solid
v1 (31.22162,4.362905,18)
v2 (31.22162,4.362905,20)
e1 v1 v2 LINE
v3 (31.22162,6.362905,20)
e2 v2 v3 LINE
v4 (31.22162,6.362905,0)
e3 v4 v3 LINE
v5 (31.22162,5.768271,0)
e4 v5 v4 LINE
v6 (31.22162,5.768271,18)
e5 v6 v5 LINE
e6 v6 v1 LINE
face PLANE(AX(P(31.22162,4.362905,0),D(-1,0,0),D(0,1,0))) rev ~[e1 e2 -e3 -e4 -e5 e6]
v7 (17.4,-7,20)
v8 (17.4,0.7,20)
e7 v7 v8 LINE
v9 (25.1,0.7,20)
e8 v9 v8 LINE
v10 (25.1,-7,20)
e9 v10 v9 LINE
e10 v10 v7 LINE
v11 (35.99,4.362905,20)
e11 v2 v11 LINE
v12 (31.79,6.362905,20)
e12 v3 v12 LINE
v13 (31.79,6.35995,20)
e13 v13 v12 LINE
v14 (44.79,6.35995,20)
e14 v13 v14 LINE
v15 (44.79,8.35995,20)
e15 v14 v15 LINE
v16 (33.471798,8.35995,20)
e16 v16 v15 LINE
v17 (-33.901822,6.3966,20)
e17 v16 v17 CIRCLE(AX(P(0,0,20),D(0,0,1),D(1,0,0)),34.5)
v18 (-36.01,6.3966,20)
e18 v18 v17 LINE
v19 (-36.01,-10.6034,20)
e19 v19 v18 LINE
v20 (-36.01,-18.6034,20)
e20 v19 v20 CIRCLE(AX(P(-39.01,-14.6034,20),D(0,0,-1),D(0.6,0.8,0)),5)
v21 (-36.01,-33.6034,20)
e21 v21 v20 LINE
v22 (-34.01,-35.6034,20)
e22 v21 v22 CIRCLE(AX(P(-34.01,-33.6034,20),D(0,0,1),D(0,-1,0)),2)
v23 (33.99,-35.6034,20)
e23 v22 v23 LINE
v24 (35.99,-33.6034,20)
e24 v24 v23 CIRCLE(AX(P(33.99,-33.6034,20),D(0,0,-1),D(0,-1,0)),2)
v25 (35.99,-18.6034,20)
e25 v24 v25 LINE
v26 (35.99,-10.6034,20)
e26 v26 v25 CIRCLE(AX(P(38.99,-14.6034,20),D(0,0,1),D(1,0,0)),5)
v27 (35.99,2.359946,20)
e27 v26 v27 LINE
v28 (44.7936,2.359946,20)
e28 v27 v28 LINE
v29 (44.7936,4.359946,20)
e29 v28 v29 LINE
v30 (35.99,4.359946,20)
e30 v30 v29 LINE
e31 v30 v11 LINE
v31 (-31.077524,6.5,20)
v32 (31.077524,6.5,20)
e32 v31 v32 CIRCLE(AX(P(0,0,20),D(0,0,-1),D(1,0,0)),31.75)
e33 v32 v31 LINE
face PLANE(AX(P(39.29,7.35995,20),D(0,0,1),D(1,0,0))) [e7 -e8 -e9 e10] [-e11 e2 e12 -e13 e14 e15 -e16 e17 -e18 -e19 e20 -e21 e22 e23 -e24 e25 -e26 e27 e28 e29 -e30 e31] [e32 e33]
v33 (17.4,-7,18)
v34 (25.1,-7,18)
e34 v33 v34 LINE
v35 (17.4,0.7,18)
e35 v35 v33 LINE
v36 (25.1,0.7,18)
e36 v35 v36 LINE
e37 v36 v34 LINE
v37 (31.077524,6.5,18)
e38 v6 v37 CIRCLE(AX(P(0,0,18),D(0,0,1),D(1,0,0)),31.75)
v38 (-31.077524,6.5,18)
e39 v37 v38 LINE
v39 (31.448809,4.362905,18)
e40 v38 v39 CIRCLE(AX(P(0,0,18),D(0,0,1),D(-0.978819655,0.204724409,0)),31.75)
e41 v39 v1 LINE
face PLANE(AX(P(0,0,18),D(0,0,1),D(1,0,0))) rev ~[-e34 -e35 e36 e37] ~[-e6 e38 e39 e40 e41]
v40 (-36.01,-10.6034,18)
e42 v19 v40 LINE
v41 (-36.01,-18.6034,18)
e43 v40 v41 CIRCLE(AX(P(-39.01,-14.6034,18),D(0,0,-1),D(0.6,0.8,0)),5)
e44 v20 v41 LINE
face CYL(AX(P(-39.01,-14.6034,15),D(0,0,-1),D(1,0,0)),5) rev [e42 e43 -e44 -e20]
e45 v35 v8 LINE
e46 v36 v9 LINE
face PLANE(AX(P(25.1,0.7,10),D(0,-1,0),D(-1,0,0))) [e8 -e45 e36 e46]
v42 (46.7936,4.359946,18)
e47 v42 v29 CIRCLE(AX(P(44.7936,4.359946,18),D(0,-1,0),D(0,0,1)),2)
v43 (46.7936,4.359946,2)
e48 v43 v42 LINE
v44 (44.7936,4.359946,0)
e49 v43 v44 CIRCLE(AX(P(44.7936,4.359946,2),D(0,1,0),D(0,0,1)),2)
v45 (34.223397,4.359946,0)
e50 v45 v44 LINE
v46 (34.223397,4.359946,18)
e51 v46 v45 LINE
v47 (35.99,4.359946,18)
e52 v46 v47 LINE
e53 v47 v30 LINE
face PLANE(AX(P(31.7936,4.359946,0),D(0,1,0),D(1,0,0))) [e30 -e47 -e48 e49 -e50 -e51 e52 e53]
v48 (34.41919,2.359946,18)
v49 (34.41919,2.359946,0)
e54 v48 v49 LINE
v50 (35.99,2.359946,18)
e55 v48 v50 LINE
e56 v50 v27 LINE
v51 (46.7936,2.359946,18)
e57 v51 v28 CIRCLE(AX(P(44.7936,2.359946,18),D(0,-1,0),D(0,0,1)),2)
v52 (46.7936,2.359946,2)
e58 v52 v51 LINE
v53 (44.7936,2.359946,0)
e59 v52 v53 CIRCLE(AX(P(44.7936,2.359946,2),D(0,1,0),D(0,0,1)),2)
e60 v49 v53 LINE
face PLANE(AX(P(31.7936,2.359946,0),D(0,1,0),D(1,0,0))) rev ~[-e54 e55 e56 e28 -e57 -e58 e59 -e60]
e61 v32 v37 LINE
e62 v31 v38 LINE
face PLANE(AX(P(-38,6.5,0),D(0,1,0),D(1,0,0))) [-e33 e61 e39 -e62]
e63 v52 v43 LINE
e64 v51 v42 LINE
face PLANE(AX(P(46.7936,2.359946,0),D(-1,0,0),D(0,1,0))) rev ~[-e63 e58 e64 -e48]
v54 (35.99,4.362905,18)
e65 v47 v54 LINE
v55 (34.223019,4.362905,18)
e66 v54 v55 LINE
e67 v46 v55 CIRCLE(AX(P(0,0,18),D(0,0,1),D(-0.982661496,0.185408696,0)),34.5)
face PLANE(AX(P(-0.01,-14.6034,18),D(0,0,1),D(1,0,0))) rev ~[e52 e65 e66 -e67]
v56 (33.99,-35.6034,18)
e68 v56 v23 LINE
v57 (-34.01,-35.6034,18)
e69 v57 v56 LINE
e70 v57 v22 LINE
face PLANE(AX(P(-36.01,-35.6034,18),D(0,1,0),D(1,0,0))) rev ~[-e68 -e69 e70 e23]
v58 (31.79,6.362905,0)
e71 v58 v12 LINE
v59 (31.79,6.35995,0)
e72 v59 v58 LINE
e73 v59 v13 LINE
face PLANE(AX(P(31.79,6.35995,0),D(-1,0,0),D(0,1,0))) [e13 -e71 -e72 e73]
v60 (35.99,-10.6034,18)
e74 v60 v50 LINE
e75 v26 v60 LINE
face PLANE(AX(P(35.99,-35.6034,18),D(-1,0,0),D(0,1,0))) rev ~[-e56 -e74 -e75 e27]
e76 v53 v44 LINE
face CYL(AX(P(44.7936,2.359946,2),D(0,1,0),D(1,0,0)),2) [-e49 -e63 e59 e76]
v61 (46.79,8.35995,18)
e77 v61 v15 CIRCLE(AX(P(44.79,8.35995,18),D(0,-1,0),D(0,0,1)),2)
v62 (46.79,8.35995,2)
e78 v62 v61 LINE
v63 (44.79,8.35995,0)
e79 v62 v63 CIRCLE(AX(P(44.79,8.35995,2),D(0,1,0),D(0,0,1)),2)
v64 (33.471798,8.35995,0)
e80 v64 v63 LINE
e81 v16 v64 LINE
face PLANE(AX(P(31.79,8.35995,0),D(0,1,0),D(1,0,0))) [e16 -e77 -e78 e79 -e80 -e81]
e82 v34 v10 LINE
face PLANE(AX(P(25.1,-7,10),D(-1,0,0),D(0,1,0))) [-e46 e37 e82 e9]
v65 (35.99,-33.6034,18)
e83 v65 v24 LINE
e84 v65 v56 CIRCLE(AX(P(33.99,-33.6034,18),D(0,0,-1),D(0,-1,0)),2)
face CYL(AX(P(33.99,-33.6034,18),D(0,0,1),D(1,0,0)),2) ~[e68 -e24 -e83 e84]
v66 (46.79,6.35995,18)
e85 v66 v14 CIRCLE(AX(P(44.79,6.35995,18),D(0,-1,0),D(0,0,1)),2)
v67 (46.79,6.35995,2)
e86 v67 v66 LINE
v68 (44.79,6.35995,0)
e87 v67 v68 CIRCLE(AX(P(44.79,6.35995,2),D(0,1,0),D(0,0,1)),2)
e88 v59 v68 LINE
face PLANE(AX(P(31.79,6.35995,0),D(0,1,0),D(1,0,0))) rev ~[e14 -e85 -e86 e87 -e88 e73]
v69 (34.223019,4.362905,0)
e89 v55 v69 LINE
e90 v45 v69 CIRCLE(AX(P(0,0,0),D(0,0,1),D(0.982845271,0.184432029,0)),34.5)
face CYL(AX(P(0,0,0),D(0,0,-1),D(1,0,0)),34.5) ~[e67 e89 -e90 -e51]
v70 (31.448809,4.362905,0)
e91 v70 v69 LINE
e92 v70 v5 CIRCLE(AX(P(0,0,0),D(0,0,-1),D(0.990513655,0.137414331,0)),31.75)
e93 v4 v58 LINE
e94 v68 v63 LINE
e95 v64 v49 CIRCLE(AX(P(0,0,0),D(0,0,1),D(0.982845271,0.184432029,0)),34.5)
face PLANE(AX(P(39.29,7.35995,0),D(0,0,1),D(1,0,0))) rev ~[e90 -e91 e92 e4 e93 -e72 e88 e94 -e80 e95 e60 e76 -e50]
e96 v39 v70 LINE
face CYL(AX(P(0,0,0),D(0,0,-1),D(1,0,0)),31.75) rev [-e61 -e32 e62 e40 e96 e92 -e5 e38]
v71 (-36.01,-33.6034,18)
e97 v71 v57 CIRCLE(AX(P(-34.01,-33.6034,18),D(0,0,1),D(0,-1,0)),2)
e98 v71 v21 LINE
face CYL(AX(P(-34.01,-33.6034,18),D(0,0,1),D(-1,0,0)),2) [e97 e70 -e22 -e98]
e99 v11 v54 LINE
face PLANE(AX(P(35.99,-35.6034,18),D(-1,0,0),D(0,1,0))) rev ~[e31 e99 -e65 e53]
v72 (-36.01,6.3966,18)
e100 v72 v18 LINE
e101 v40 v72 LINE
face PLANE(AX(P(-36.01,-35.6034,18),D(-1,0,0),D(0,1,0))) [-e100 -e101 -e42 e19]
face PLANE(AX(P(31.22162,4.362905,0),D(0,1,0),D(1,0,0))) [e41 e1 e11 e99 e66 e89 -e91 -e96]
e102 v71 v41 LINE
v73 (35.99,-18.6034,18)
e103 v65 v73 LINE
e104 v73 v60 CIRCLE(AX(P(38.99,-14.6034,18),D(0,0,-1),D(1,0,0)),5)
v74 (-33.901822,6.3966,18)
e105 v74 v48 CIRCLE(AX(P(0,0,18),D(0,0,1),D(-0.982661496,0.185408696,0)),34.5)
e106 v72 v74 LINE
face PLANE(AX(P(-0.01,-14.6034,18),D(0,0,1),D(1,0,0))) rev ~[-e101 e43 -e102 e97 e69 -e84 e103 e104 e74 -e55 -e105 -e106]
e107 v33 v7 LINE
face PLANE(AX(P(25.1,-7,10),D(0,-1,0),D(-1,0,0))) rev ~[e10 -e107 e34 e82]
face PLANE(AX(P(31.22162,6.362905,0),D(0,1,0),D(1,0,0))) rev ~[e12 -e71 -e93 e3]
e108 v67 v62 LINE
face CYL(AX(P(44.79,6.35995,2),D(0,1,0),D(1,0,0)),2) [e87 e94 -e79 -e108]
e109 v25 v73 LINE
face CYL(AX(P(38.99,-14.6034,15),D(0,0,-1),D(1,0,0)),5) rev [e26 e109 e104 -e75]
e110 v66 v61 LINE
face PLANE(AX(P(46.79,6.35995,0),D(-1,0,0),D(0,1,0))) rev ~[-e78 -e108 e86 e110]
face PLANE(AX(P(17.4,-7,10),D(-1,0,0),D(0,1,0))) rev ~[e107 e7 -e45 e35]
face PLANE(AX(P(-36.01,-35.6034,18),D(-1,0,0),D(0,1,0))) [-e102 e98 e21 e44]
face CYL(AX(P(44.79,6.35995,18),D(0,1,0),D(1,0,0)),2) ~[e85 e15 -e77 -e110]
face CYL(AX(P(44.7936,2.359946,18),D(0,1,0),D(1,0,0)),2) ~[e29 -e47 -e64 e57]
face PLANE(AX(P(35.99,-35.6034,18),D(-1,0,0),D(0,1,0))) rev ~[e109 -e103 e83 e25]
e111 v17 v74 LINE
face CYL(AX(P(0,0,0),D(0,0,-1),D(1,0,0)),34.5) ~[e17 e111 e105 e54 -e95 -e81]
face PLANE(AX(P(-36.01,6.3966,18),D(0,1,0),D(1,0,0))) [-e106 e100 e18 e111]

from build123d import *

# Parameters (mm, degrees)
CYLINDER020_R     = 5
CYLINDER020_DEPTH = 5
CYLINDER019_R     = 5
CYLINDER019_DEPTH = 5
BOX005_W          = 15
BOX005_H          = 2
BOX005_DEPTH      = 20
FILLET002_R       = 2
BOX002_W          = 10
BOX002_H          = 2
BOX002_DEPTH      = 20
BOX_W             = 80
BOX_H             = 39
BOX_DEPTH         = 25
CYLINDER002_R     = 31.75
CYLINDER002_DEPTH = 25
BOX001_W          = 7.7
BOX001_H          = 7.7
BOX001_DEPTH      = 10
BOX007_W          = 72
BOX007_H          = 42
BOX007_DEPTH      = 2
CYLINDER_R        = 31.75
CYLINDER_DEPTH    = 18
CYLINDER001_R     = 34.5
CYLINDER001_DEPTH = 20
FILLET001_R       = 2
BOX006_W          = 15
BOX006_H          = 2
BOX006_DEPTH      = 20
FILLET003_R       = 2


with BuildPart() as cylinder020:
    # Cylinder020 → Cylinder020 (new body)
    with BuildSketch(Plane(origin=(-39.01, -14.6034, 15), x_dir=(1, 0, 0), z_dir=(0, 0, 1))):
        Circle(CYLINDER020_R)
    extrude(amount=CYLINDER020_DEPTH)


with BuildPart() as fusion013:
    # Cylinder019 → Cylinder019 (new body)
    with BuildSketch(Plane(origin=(38.99, -14.6034, 15), x_dir=(1, 0, 0), z_dir=(0, 0, 1))):
        Circle(CYLINDER019_R)
    extrude(amount=CYLINDER019_DEPTH)

    # Fusion013: union Cylinder020
    add(cylinder020.part)


with BuildPart() as fillet002:
    # Box005 → Box005 (new body)
    with BuildSketch(Plane(origin=(31.79, 6.35995, 0), x_dir=(1, 0, 0), z_dir=(0, 0, 1))):
        with Locations((7.5, 1)):
            Rectangle(BOX005_W, BOX005_H)
    extrude(amount=BOX005_DEPTH)

    # Fillet002
    fillet002_edges = [fillet002.edges().sort_by_distance(p)[0] for p in [
        (46.79, 7.35995, 20),
        (46.79, 7.35995, 0),
    ]]
    fillet(fillet002_edges, radius=FILLET002_R)


with BuildPart() as kostka002:
    # Box002 → Box002 (new body)
    with BuildSketch(Plane(origin=(31.22162, 4.362905, 0), x_dir=(1, 0, 0), z_dir=(0, 0, 1))):
        with Locations((5, 1)):
            Rectangle(BOX002_W, BOX002_H)
    extrude(amount=BOX002_DEPTH)


with BuildPart() as kostka:
    # Box → Box (new body)
    with BuildSketch(Plane(origin=(-38, -32.5, 0), x_dir=(1, 0, 0), z_dir=(0, 0, 1))):
        with Locations((40, 19.5)):
            Rectangle(BOX_W, BOX_H)
    extrude(amount=BOX_DEPTH)


with BuildPart() as cut001:
    # Cylinder002 → Cylinder002 (new body)
    with BuildSketch(Plane.XY):
        Circle(CYLINDER002_R)
    extrude(amount=CYLINDER002_DEPTH)

    # Cut001: cut Kostka
    add(kostka.part, mode=Mode.SUBTRACT)


with BuildPart() as kostka001:
    # Box001 → Box001 (new body)
    with BuildSketch(Plane(origin=(25.1, -7, 10), x_dir=(0, 1, 0), z_dir=(0, 0, 1))):
        with Locations((3.85, 3.85)):
            Rectangle(BOX001_W, BOX001_H)
    extrude(amount=BOX001_DEPTH)


with BuildPart() as kostka007:
    # Box007 → Box007 (new body)
    with BuildSketch(Plane(origin=(-36.01, -35.6034, 18), x_dir=(1, 0, 0), z_dir=(0, 0, 1))):
        with Locations((36, 21)):
            Rectangle(BOX007_W, BOX007_H)
    extrude(amount=BOX007_DEPTH)


with BuildPart() as cylinder:
    # Cylinder → Cylinder (new body)
    with BuildSketch(Plane.XY):
        Circle(CYLINDER_R)
    extrude(amount=CYLINDER_DEPTH)


with BuildPart() as fusion001:
    # Cylinder001 → Cylinder001 (new body)
    with BuildSketch(Plane.XY):
        Circle(CYLINDER001_R)
    extrude(amount=CYLINDER001_DEPTH)

    # Cut: cut Cylinder
    add(cylinder.part, mode=Mode.SUBTRACT)

    # Fusion: union Kostka007
    add(kostka007.part)

    # Cut002: cut Kostka001
    add(kostka001.part, mode=Mode.SUBTRACT)

    # Cut003: cut Cut001
    add(cut001.part, mode=Mode.SUBTRACT)

    # Cut004: cut Kostka002
    add(kostka002.part, mode=Mode.SUBTRACT)

    # Fillet001
    fillet001_edges = [fusion001.edges().sort_by_distance(p)[0] for p in [
        (-36.01, -35.6034, 19),
        (35.99, -35.6034, 19),
    ]]
    fillet(fillet001_edges, radius=FILLET001_R)

    # Fusion001: union Fillet002
    add(fillet002.part)


with BuildPart() as base:
    # Box006 → Box006 (new body)
    with BuildSketch(Plane(origin=(31.7936, 2.359946, 0), x_dir=(1, 0, 0), z_dir=(0, 0, 1))):
        with Locations((7.5, 1)):
            Rectangle(BOX006_W, BOX006_H)
    extrude(amount=BOX006_DEPTH)

    # Fillet003
    fillet003_edges = [base.edges().sort_by_distance(p)[0] for p in [
        (46.7936, 3.359946, 20),
        (46.7936, 3.359946, 0),
    ]]
    fillet(fillet003_edges, radius=FILLET003_R)

    # Fusion002: union Fusion001
    add(fusion001.part)

    # Cut015: cut Fusion013
    add(fusion013.part, mode=Mode.SUBTRACT)


solid = base.part
